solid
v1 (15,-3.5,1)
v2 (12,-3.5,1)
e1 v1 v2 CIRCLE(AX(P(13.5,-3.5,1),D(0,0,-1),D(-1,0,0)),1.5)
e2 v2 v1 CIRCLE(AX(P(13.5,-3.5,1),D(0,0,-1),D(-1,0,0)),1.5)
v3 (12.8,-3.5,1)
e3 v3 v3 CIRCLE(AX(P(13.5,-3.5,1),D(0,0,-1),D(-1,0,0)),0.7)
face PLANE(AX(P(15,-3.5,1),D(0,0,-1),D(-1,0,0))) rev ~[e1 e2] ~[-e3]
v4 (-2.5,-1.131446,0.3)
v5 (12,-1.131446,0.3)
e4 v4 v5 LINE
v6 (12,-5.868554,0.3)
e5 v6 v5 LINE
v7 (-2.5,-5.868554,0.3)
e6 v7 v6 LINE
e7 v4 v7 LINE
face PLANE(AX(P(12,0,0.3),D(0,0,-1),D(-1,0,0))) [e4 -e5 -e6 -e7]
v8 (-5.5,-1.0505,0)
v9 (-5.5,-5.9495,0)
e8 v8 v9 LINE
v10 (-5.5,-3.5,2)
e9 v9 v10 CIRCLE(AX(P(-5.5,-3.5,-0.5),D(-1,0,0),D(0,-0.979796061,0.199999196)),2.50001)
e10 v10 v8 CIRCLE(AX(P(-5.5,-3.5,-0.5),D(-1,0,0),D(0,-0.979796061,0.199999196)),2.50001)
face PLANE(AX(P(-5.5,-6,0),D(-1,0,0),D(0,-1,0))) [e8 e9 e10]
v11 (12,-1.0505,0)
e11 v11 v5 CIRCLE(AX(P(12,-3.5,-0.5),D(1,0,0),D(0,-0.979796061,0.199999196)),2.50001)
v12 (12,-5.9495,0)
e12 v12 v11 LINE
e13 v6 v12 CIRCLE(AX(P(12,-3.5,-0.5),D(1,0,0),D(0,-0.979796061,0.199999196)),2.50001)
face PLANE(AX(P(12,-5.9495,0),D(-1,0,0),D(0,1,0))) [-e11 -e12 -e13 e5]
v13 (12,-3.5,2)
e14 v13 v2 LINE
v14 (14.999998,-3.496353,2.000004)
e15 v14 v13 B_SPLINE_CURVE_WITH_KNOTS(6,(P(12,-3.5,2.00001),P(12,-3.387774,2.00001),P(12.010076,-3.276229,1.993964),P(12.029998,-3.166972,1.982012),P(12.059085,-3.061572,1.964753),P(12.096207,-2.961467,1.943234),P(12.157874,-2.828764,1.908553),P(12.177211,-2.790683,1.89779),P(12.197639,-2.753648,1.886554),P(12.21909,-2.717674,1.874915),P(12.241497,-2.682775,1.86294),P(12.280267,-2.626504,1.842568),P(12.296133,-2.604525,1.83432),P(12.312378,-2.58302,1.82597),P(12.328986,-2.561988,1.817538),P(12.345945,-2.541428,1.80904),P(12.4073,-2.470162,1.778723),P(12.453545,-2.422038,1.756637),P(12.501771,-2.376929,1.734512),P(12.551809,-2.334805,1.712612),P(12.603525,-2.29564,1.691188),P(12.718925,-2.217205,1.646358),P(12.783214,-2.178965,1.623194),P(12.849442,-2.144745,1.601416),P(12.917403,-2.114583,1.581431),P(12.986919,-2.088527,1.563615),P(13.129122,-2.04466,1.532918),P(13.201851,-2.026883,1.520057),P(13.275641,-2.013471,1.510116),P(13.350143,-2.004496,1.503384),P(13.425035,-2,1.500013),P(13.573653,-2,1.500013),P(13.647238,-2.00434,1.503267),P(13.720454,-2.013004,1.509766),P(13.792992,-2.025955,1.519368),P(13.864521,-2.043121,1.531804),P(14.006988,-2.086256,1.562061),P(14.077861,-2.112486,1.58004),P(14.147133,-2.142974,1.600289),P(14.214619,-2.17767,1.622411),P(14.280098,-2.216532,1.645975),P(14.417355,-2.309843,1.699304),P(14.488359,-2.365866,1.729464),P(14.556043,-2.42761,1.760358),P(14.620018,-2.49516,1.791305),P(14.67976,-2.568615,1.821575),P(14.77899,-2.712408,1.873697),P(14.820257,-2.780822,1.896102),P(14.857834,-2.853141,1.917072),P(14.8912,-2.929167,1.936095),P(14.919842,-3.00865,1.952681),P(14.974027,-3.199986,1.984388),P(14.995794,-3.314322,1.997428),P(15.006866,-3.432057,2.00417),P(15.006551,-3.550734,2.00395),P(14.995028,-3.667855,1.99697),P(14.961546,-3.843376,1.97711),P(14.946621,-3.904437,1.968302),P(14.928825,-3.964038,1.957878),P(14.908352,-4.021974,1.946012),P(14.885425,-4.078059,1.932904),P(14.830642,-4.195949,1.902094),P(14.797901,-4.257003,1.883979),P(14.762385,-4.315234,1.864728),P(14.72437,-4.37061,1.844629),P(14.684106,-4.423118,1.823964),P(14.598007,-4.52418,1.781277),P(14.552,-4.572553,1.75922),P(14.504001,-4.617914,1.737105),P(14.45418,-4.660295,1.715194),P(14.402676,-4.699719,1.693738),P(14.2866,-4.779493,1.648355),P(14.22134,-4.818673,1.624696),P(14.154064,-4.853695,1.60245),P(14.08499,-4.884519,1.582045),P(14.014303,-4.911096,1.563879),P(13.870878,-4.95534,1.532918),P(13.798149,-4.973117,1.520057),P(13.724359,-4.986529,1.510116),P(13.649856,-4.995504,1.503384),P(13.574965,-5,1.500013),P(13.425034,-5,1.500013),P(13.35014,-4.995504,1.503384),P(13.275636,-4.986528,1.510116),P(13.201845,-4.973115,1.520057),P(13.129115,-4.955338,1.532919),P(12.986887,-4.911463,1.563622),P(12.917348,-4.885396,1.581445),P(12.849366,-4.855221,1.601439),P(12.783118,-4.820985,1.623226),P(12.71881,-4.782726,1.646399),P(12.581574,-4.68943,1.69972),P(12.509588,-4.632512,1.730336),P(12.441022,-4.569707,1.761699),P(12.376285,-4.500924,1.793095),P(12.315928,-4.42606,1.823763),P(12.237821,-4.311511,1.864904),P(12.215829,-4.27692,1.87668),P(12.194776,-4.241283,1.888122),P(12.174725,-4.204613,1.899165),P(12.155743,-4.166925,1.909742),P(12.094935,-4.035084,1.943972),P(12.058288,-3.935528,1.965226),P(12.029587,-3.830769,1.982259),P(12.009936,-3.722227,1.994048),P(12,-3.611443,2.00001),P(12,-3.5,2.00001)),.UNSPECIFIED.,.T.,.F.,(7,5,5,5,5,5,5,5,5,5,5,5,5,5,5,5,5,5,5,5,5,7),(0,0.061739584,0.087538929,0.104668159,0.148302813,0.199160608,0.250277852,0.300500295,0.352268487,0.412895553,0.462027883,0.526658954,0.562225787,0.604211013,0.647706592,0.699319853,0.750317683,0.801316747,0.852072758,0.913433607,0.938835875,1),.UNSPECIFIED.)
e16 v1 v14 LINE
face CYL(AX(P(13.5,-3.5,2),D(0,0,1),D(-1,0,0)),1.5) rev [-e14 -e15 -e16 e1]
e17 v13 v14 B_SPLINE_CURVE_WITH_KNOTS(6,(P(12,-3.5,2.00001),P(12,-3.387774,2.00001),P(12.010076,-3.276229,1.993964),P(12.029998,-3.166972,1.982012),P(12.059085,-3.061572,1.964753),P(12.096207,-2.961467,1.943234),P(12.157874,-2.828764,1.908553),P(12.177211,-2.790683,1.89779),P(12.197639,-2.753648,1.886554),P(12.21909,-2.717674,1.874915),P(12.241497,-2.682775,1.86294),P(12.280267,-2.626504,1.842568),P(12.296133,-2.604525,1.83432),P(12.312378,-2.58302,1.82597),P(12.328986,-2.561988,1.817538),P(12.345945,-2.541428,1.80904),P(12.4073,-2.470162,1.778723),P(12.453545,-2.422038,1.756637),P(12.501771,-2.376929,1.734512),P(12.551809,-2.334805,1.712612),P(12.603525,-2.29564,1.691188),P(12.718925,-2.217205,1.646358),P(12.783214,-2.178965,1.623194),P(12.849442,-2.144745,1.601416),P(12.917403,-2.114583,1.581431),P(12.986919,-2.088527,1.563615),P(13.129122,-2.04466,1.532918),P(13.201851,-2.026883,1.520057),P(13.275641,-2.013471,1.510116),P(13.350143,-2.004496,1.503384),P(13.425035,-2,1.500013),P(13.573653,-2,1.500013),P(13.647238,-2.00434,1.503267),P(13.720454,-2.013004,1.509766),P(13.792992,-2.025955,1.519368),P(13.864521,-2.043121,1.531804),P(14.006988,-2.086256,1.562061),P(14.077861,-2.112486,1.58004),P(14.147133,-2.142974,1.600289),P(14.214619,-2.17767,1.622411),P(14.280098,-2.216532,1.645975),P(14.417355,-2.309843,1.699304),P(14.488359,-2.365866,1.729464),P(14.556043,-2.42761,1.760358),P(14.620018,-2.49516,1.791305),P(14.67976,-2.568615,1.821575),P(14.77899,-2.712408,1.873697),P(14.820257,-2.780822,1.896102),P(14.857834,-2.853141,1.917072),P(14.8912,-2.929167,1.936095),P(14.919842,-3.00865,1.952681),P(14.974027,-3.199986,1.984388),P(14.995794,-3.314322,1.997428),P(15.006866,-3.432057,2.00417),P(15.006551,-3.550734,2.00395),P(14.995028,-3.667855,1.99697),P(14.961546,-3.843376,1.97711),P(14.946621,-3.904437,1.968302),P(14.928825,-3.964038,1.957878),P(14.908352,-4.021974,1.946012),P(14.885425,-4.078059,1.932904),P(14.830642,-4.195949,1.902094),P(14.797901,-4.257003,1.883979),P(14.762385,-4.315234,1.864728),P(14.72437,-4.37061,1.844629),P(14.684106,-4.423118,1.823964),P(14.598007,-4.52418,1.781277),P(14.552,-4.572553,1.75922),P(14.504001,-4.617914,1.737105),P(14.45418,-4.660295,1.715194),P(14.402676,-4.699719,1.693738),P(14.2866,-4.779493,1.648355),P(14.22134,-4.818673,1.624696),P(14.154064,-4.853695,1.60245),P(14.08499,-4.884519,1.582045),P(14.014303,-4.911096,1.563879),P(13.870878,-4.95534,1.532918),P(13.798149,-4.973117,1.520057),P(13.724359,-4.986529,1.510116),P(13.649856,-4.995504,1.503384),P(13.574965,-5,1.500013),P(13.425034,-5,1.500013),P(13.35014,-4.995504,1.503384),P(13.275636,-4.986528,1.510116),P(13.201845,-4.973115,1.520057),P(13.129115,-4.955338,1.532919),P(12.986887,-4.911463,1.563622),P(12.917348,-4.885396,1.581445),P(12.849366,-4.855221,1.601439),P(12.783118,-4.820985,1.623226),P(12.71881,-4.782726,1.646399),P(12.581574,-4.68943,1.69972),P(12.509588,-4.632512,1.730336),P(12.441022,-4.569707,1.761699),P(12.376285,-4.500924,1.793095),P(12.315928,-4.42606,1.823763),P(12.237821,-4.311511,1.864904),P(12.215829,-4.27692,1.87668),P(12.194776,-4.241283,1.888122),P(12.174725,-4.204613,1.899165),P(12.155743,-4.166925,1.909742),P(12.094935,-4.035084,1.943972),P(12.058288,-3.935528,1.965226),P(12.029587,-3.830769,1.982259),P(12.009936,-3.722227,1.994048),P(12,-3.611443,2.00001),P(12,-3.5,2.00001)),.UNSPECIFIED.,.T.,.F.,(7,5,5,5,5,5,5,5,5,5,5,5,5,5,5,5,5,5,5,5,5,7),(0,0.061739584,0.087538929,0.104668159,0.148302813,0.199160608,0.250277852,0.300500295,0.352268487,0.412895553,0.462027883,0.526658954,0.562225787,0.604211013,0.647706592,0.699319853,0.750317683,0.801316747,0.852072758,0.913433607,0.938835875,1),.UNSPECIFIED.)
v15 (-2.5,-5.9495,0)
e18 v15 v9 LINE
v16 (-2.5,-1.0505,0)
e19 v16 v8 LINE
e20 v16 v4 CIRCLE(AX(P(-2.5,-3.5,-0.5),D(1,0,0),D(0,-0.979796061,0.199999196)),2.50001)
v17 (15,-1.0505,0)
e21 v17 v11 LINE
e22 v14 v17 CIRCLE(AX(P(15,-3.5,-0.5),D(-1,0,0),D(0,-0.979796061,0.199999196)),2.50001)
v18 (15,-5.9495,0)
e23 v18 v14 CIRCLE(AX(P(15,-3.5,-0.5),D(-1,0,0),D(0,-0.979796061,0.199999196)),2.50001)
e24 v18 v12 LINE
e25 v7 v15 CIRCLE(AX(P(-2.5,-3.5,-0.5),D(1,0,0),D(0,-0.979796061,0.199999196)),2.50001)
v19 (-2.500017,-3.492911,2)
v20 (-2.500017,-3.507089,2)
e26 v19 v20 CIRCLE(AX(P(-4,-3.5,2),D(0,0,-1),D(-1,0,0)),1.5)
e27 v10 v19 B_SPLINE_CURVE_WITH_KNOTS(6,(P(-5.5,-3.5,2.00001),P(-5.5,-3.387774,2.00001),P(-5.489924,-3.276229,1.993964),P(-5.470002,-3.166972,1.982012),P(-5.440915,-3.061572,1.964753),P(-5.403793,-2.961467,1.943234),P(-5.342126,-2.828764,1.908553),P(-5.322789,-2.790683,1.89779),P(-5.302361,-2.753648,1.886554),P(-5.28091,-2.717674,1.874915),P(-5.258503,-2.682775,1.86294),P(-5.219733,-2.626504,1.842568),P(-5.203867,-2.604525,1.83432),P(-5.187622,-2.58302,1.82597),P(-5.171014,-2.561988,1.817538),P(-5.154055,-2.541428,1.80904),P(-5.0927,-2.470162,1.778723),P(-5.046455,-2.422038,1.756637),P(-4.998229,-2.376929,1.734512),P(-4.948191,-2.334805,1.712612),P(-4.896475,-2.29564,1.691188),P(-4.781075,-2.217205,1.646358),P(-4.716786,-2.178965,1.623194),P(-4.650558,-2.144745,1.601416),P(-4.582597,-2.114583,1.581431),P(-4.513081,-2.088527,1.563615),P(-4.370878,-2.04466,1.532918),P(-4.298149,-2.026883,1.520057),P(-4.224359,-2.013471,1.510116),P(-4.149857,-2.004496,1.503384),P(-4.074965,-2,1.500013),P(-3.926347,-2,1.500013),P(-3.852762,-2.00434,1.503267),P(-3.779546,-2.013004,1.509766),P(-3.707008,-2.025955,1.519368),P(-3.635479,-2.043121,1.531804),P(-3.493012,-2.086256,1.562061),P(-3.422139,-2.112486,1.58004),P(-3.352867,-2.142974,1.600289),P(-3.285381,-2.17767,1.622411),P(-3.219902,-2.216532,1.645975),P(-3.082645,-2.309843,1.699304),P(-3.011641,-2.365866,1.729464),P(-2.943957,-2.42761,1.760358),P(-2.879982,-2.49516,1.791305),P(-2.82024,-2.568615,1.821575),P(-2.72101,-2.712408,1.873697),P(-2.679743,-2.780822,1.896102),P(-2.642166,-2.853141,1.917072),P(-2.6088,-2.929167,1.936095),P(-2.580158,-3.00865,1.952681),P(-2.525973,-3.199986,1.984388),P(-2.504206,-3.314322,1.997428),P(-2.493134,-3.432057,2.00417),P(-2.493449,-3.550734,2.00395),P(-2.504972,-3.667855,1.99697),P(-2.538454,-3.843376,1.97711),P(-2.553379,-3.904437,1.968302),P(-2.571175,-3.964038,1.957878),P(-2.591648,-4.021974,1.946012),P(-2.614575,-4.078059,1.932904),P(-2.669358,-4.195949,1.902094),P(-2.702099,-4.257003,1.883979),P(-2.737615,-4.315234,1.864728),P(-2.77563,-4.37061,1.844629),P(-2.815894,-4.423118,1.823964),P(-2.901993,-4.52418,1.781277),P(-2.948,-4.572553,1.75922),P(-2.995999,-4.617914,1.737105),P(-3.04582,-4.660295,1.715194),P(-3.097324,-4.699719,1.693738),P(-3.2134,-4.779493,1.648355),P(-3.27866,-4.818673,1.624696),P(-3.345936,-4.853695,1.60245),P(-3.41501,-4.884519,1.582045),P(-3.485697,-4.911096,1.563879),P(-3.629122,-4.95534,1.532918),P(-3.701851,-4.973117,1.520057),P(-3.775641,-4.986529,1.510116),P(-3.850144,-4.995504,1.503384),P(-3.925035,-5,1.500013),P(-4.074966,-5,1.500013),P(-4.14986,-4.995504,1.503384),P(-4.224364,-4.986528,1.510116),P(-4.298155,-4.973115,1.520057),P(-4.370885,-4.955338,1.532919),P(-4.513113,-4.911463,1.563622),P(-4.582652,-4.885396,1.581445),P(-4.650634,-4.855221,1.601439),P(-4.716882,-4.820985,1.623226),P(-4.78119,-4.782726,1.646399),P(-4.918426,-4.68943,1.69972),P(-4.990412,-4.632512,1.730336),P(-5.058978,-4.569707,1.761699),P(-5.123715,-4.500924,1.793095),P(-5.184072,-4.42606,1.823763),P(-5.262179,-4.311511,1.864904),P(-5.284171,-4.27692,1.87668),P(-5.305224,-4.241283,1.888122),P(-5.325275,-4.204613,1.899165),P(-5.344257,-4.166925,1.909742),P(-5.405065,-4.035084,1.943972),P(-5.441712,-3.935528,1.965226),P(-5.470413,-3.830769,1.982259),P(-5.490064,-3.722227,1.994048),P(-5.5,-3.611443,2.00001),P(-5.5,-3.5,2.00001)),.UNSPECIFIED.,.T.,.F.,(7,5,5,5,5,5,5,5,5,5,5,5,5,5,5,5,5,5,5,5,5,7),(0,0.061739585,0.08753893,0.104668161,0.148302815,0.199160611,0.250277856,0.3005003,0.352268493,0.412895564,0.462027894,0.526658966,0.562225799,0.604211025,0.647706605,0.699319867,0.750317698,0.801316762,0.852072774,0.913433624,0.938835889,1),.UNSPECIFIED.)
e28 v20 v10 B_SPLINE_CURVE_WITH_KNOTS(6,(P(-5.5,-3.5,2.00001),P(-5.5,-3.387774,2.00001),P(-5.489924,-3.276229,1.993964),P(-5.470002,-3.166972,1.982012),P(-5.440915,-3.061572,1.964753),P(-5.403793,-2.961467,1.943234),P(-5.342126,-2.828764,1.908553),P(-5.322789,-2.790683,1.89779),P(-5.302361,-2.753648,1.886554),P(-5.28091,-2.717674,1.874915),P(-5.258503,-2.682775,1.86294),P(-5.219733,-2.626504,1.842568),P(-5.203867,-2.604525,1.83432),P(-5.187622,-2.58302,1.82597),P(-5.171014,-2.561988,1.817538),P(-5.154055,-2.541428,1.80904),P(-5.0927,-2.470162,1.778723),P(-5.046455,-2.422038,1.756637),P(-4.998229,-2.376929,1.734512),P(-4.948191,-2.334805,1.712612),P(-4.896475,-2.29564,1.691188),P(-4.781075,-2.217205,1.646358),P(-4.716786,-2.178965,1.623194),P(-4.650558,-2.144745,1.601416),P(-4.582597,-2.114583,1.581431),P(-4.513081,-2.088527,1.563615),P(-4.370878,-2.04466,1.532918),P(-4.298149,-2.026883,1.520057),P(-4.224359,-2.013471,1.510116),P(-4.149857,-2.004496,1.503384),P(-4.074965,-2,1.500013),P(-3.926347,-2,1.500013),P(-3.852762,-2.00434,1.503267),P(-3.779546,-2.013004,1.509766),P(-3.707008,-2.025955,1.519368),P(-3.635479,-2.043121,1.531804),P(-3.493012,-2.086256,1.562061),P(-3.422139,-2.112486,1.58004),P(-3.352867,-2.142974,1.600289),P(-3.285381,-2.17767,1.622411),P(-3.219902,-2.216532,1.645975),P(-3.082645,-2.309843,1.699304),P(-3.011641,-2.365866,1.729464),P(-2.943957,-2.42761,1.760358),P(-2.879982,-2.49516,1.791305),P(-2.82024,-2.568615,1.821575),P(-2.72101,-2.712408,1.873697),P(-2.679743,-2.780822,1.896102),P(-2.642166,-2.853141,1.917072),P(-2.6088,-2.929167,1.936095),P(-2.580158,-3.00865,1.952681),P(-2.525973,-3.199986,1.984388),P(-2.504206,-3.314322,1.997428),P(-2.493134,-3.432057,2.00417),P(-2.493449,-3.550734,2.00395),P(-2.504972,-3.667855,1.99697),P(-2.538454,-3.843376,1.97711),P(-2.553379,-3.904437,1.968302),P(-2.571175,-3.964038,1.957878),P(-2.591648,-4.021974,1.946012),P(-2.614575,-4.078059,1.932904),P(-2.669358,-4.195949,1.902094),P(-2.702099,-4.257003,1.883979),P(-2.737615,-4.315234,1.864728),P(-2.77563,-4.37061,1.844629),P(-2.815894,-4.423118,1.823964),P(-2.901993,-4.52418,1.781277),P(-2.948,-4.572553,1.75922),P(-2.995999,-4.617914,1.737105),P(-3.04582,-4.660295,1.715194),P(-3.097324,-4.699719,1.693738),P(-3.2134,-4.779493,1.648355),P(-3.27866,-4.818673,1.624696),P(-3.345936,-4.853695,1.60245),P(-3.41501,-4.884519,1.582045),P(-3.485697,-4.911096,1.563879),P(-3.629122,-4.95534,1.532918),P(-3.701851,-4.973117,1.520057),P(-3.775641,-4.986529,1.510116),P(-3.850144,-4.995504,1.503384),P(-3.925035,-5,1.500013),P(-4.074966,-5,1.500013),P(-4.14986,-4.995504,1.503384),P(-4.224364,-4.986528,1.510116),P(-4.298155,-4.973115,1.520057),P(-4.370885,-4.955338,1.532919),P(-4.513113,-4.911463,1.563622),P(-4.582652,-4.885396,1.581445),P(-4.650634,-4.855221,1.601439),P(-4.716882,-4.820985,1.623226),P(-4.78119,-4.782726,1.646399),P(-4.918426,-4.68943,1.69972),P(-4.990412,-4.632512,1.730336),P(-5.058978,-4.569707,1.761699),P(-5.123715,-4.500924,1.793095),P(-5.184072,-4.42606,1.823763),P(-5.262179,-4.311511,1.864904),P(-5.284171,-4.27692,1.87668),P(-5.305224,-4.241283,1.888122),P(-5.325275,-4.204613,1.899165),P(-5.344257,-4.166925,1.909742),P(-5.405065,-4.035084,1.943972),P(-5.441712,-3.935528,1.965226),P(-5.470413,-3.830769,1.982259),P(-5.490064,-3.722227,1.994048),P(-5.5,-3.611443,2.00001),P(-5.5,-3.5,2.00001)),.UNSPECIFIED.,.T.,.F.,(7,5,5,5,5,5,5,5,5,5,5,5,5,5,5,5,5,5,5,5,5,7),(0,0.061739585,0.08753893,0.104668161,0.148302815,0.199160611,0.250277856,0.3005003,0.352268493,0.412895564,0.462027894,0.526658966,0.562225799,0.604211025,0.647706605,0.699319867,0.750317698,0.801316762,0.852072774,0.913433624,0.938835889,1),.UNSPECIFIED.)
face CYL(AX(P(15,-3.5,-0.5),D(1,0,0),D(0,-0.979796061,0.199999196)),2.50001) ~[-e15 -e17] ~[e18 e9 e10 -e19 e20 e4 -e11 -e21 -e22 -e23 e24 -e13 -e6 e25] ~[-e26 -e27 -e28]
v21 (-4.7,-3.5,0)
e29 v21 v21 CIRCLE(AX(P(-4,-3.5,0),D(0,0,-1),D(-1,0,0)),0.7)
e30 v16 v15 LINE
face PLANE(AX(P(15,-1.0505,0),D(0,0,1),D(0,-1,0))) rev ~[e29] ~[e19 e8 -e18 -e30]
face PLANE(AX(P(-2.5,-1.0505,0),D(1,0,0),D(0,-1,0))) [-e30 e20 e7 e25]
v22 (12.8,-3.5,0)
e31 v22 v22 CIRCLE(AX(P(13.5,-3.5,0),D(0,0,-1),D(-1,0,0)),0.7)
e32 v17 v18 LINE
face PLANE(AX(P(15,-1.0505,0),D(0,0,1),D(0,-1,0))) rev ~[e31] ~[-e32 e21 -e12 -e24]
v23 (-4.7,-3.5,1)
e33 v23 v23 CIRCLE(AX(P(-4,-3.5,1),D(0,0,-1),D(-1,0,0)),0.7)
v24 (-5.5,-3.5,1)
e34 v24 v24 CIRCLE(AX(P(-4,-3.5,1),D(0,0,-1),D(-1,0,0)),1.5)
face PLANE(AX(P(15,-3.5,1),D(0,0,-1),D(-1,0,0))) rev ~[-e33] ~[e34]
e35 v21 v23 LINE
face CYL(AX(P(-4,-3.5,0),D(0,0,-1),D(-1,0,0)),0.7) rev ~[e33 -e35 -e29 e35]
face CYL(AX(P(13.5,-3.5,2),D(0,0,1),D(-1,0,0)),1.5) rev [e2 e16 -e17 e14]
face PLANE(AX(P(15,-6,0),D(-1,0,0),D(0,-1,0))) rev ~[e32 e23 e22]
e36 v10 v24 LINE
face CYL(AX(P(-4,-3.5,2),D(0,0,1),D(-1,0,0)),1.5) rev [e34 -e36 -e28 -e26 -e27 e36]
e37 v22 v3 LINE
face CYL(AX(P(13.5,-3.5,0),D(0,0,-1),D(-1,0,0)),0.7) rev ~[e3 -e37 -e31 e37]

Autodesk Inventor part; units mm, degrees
ref_plane "作業平面1" through (15, -6, 0) normal (-1, 0, 0) x (0, -1, 0)
sketch "スケッチ1" plane through (15, -6, 0) normal (-1, 0, 0) x (0, -1, 0)
  arc A0 (-0.0505, 0) -> (-4.9495, 0) centre (-2.5, -0.5) ccw projected
  line L0 (-4.9495, 0) -> (-0.0505, 0) projected
  point P0 (-6, 0)
ref_plane "作業平面2" through (-5.5, -5.9495, 0) normal (1, 0, 0) x (0, 1, 0)
extrude "押し出し1" add sketch "スケッチ1" along normal up to surface (20.5 mm away)
ref_plane "作業平面3" through (12, 0, -1) normal (0, 0, -1) x (-1, 0, 0)
sketch "スケッチ2" plane through (12, 0, 0) normal (0, 0, -1) x (-1, 0, 0)
  line L0 (14.5, -5.9495) -> (17.5, -5.9495) construction
  line L1 (14.5, -1.0505) -> (14.5, -5.9495) construction
  line L2 (17.5, -1.0505) -> (14.5, -1.0505) construction
  line L3 (17.5, -5.9495) -> (17.5, -1.0505) construction
  arc A0 (0, -3) -> (0.5, -3.5) centre (0.5, -3) ccw construction
  line L4 (0.5, -3.5) -> (7.401, -3.5) construction
  arc A1 (7.401, -3.5) -> (7.901, -3) centre (7.401, -3) ccw construction
  line L5 (7.901, -3) -> (7.901, -2.5) construction
  arc A2 (7.901, -2.5) -> (7.401, -2) centre (7.401, -2.5) ccw construction
  line L6 (7.401, -2) -> (0.5, -2) construction
  arc A3 (0.5, -2) -> (0, -2.5) centre (0.5, -2.5) ccw construction
  line L7 (0, -3) -> (0, -2.5) construction
  spline S0 degree 3 poles (8.201, -0.8167) (8.2004, -0.8173) (8.1998, -0.8179) (8.1567, -0.8609) (8.1131, -0.8989) (8.0137, -0.9678) (7.9594, -0.997) (7.8435, -1.0385) (7.7825, -1.0505) (7.721, -1.0505) knots -0.000247 -0.000247 -0.000247 -0.000247 0 0 0.018039 0.018039 0.036793 0.036793 0.055658 0.055658 0.055658 0.055658 construction
  line L8 (8.201, -0.3) -> (8.201, -0.8167) construction
  line L9 (11.7, -0.3) -> (8.201, -0.3) construction
  line L10 (11.7, -4.5) -> (11.7, -0.3) construction
  line L11 (11.7, -4.5) -> (0.3, -4.5) construction
  arc A4 (0.3, -4.5) -> (0, -4.8) centre (0.3, -4.8) ccw construction
  line L12 (0, -5.9495) -> (0, -4.8) construction
  line L13 (-3, -5.9495) -> (0, -5.9495) construction
  line L14 (-3, -1.0505) -> (-3, -5.9495) construction
  line L15 (7.721, -1.0505) -> (-3, -1.0505) construction
  line L16 (17.5, -1.0505) -> (17.5, -5.9495) construction
  line L17 (-3, -1.0505) -> (17.5, -1.0505) construction
  line L18 (-3, -5.9495) -> (-3, -1.0505) construction
  line L19 (-3, -5.9495) -> (17.5, -5.9495) construction
  line L20 (14.5, -5.9495) -> (0, -5.9495)
  line L21 (0, -5.9495) -> (0, -1.0505)
  line L22 (0, -1.0505) -> (14.5, -1.0505)
  line L23 (14.5, -1.0505) -> (14.5, -5.9495)
  circle A5 centre (16, -3.5) radius 0.55 projected
  circle A6 centre (-1.5, -3.5) radius 0.55 projected
  point P0 (12, 0)
extrude "押し出し2" cut sketch "スケッチ2" against normal blind 0.3 contours L20 L21 L22 L23
sketch "スケッチ3" plane through (15, -5.9495, 0) normal (0, 0, -1) x (-1, 0, 0)
  line L0 (17.5, 4.899) -> (17.5, 0) construction
  line L1 (17.5, 0) -> (20.5, 0) construction
  line L2 (20.5, 4.899) -> (20.5, 0) construction
  line L3 (17.5, 4.899) -> (20.5, 4.899) construction
  line L4 (3, 0) -> (3, 4.899) construction
  line L5 (0, 4.899) -> (3, 4.899) construction
  line L6 (0, 0) -> (0, 4.899) construction
  line L7 (0, 0) -> (3, 0) construction
  line L8 (20.5, 0) -> (20.5, 4.899) construction
  line L9 (20.5, 0) -> (17.5, 4.899) construction
  line L10 (17.5, 0) -> (20.5, 0) construction
  line L11 (17.5, 0) -> (20.5, 4.899) construction
  line L12 (0, 0) -> (0, 4.899) construction
  line L13 (3, 4.899) -> (0, 0) construction
  line L14 (0, 4.899) -> (3, 4.899) construction
  line L15 (0, 0) -> (0, 4.899) construction
  line L16 (3, 0) -> (3, 4.899) construction
  line L17 (0, 4.899) -> (3, 0) construction
  circle A0 centre (19, 2.4495) radius 0.7
  circle A1 centre (1.5, 2.4495) radius 0.7
  point P0 (15, 5.9495)
  dimension "d5" = 1.4
extrude "押し出し3" cut sketch "スケッチ3" against normal up to next
ref_plane "作業平面5" through (15, -3.5, 1) normal (0, 0, -1) x (-1, 0, 0)
ref_plane "作業平面4" through (15, -3.5, 2) normal (0, 0, -1) x (-1, 0, 0)
sketch "スケッチ4" plane through (15, -3.5, 2) normal (0, 0, -1) x (-1, 0, 0)
  circle A0 centre (19, 0) radius 1.5
  circle A1 centre (1.5, 0) radius 0.7 projected
  circle A2 centre (1.5, 0) radius 1.5
  circle A3 centre (19, 0) radius 0.7 projected
  point P0 (15, 3.5)
  point P1 (19, 0.7)
  point P2 (1.5, 0.7)
  dimension "d9" = 3
extrude "押し出し4" cut sketch "スケッチ4" along normal up to surface (1 mm away) contours A0 | A1 | A2 | A3
properties part number "SR-T-09"
